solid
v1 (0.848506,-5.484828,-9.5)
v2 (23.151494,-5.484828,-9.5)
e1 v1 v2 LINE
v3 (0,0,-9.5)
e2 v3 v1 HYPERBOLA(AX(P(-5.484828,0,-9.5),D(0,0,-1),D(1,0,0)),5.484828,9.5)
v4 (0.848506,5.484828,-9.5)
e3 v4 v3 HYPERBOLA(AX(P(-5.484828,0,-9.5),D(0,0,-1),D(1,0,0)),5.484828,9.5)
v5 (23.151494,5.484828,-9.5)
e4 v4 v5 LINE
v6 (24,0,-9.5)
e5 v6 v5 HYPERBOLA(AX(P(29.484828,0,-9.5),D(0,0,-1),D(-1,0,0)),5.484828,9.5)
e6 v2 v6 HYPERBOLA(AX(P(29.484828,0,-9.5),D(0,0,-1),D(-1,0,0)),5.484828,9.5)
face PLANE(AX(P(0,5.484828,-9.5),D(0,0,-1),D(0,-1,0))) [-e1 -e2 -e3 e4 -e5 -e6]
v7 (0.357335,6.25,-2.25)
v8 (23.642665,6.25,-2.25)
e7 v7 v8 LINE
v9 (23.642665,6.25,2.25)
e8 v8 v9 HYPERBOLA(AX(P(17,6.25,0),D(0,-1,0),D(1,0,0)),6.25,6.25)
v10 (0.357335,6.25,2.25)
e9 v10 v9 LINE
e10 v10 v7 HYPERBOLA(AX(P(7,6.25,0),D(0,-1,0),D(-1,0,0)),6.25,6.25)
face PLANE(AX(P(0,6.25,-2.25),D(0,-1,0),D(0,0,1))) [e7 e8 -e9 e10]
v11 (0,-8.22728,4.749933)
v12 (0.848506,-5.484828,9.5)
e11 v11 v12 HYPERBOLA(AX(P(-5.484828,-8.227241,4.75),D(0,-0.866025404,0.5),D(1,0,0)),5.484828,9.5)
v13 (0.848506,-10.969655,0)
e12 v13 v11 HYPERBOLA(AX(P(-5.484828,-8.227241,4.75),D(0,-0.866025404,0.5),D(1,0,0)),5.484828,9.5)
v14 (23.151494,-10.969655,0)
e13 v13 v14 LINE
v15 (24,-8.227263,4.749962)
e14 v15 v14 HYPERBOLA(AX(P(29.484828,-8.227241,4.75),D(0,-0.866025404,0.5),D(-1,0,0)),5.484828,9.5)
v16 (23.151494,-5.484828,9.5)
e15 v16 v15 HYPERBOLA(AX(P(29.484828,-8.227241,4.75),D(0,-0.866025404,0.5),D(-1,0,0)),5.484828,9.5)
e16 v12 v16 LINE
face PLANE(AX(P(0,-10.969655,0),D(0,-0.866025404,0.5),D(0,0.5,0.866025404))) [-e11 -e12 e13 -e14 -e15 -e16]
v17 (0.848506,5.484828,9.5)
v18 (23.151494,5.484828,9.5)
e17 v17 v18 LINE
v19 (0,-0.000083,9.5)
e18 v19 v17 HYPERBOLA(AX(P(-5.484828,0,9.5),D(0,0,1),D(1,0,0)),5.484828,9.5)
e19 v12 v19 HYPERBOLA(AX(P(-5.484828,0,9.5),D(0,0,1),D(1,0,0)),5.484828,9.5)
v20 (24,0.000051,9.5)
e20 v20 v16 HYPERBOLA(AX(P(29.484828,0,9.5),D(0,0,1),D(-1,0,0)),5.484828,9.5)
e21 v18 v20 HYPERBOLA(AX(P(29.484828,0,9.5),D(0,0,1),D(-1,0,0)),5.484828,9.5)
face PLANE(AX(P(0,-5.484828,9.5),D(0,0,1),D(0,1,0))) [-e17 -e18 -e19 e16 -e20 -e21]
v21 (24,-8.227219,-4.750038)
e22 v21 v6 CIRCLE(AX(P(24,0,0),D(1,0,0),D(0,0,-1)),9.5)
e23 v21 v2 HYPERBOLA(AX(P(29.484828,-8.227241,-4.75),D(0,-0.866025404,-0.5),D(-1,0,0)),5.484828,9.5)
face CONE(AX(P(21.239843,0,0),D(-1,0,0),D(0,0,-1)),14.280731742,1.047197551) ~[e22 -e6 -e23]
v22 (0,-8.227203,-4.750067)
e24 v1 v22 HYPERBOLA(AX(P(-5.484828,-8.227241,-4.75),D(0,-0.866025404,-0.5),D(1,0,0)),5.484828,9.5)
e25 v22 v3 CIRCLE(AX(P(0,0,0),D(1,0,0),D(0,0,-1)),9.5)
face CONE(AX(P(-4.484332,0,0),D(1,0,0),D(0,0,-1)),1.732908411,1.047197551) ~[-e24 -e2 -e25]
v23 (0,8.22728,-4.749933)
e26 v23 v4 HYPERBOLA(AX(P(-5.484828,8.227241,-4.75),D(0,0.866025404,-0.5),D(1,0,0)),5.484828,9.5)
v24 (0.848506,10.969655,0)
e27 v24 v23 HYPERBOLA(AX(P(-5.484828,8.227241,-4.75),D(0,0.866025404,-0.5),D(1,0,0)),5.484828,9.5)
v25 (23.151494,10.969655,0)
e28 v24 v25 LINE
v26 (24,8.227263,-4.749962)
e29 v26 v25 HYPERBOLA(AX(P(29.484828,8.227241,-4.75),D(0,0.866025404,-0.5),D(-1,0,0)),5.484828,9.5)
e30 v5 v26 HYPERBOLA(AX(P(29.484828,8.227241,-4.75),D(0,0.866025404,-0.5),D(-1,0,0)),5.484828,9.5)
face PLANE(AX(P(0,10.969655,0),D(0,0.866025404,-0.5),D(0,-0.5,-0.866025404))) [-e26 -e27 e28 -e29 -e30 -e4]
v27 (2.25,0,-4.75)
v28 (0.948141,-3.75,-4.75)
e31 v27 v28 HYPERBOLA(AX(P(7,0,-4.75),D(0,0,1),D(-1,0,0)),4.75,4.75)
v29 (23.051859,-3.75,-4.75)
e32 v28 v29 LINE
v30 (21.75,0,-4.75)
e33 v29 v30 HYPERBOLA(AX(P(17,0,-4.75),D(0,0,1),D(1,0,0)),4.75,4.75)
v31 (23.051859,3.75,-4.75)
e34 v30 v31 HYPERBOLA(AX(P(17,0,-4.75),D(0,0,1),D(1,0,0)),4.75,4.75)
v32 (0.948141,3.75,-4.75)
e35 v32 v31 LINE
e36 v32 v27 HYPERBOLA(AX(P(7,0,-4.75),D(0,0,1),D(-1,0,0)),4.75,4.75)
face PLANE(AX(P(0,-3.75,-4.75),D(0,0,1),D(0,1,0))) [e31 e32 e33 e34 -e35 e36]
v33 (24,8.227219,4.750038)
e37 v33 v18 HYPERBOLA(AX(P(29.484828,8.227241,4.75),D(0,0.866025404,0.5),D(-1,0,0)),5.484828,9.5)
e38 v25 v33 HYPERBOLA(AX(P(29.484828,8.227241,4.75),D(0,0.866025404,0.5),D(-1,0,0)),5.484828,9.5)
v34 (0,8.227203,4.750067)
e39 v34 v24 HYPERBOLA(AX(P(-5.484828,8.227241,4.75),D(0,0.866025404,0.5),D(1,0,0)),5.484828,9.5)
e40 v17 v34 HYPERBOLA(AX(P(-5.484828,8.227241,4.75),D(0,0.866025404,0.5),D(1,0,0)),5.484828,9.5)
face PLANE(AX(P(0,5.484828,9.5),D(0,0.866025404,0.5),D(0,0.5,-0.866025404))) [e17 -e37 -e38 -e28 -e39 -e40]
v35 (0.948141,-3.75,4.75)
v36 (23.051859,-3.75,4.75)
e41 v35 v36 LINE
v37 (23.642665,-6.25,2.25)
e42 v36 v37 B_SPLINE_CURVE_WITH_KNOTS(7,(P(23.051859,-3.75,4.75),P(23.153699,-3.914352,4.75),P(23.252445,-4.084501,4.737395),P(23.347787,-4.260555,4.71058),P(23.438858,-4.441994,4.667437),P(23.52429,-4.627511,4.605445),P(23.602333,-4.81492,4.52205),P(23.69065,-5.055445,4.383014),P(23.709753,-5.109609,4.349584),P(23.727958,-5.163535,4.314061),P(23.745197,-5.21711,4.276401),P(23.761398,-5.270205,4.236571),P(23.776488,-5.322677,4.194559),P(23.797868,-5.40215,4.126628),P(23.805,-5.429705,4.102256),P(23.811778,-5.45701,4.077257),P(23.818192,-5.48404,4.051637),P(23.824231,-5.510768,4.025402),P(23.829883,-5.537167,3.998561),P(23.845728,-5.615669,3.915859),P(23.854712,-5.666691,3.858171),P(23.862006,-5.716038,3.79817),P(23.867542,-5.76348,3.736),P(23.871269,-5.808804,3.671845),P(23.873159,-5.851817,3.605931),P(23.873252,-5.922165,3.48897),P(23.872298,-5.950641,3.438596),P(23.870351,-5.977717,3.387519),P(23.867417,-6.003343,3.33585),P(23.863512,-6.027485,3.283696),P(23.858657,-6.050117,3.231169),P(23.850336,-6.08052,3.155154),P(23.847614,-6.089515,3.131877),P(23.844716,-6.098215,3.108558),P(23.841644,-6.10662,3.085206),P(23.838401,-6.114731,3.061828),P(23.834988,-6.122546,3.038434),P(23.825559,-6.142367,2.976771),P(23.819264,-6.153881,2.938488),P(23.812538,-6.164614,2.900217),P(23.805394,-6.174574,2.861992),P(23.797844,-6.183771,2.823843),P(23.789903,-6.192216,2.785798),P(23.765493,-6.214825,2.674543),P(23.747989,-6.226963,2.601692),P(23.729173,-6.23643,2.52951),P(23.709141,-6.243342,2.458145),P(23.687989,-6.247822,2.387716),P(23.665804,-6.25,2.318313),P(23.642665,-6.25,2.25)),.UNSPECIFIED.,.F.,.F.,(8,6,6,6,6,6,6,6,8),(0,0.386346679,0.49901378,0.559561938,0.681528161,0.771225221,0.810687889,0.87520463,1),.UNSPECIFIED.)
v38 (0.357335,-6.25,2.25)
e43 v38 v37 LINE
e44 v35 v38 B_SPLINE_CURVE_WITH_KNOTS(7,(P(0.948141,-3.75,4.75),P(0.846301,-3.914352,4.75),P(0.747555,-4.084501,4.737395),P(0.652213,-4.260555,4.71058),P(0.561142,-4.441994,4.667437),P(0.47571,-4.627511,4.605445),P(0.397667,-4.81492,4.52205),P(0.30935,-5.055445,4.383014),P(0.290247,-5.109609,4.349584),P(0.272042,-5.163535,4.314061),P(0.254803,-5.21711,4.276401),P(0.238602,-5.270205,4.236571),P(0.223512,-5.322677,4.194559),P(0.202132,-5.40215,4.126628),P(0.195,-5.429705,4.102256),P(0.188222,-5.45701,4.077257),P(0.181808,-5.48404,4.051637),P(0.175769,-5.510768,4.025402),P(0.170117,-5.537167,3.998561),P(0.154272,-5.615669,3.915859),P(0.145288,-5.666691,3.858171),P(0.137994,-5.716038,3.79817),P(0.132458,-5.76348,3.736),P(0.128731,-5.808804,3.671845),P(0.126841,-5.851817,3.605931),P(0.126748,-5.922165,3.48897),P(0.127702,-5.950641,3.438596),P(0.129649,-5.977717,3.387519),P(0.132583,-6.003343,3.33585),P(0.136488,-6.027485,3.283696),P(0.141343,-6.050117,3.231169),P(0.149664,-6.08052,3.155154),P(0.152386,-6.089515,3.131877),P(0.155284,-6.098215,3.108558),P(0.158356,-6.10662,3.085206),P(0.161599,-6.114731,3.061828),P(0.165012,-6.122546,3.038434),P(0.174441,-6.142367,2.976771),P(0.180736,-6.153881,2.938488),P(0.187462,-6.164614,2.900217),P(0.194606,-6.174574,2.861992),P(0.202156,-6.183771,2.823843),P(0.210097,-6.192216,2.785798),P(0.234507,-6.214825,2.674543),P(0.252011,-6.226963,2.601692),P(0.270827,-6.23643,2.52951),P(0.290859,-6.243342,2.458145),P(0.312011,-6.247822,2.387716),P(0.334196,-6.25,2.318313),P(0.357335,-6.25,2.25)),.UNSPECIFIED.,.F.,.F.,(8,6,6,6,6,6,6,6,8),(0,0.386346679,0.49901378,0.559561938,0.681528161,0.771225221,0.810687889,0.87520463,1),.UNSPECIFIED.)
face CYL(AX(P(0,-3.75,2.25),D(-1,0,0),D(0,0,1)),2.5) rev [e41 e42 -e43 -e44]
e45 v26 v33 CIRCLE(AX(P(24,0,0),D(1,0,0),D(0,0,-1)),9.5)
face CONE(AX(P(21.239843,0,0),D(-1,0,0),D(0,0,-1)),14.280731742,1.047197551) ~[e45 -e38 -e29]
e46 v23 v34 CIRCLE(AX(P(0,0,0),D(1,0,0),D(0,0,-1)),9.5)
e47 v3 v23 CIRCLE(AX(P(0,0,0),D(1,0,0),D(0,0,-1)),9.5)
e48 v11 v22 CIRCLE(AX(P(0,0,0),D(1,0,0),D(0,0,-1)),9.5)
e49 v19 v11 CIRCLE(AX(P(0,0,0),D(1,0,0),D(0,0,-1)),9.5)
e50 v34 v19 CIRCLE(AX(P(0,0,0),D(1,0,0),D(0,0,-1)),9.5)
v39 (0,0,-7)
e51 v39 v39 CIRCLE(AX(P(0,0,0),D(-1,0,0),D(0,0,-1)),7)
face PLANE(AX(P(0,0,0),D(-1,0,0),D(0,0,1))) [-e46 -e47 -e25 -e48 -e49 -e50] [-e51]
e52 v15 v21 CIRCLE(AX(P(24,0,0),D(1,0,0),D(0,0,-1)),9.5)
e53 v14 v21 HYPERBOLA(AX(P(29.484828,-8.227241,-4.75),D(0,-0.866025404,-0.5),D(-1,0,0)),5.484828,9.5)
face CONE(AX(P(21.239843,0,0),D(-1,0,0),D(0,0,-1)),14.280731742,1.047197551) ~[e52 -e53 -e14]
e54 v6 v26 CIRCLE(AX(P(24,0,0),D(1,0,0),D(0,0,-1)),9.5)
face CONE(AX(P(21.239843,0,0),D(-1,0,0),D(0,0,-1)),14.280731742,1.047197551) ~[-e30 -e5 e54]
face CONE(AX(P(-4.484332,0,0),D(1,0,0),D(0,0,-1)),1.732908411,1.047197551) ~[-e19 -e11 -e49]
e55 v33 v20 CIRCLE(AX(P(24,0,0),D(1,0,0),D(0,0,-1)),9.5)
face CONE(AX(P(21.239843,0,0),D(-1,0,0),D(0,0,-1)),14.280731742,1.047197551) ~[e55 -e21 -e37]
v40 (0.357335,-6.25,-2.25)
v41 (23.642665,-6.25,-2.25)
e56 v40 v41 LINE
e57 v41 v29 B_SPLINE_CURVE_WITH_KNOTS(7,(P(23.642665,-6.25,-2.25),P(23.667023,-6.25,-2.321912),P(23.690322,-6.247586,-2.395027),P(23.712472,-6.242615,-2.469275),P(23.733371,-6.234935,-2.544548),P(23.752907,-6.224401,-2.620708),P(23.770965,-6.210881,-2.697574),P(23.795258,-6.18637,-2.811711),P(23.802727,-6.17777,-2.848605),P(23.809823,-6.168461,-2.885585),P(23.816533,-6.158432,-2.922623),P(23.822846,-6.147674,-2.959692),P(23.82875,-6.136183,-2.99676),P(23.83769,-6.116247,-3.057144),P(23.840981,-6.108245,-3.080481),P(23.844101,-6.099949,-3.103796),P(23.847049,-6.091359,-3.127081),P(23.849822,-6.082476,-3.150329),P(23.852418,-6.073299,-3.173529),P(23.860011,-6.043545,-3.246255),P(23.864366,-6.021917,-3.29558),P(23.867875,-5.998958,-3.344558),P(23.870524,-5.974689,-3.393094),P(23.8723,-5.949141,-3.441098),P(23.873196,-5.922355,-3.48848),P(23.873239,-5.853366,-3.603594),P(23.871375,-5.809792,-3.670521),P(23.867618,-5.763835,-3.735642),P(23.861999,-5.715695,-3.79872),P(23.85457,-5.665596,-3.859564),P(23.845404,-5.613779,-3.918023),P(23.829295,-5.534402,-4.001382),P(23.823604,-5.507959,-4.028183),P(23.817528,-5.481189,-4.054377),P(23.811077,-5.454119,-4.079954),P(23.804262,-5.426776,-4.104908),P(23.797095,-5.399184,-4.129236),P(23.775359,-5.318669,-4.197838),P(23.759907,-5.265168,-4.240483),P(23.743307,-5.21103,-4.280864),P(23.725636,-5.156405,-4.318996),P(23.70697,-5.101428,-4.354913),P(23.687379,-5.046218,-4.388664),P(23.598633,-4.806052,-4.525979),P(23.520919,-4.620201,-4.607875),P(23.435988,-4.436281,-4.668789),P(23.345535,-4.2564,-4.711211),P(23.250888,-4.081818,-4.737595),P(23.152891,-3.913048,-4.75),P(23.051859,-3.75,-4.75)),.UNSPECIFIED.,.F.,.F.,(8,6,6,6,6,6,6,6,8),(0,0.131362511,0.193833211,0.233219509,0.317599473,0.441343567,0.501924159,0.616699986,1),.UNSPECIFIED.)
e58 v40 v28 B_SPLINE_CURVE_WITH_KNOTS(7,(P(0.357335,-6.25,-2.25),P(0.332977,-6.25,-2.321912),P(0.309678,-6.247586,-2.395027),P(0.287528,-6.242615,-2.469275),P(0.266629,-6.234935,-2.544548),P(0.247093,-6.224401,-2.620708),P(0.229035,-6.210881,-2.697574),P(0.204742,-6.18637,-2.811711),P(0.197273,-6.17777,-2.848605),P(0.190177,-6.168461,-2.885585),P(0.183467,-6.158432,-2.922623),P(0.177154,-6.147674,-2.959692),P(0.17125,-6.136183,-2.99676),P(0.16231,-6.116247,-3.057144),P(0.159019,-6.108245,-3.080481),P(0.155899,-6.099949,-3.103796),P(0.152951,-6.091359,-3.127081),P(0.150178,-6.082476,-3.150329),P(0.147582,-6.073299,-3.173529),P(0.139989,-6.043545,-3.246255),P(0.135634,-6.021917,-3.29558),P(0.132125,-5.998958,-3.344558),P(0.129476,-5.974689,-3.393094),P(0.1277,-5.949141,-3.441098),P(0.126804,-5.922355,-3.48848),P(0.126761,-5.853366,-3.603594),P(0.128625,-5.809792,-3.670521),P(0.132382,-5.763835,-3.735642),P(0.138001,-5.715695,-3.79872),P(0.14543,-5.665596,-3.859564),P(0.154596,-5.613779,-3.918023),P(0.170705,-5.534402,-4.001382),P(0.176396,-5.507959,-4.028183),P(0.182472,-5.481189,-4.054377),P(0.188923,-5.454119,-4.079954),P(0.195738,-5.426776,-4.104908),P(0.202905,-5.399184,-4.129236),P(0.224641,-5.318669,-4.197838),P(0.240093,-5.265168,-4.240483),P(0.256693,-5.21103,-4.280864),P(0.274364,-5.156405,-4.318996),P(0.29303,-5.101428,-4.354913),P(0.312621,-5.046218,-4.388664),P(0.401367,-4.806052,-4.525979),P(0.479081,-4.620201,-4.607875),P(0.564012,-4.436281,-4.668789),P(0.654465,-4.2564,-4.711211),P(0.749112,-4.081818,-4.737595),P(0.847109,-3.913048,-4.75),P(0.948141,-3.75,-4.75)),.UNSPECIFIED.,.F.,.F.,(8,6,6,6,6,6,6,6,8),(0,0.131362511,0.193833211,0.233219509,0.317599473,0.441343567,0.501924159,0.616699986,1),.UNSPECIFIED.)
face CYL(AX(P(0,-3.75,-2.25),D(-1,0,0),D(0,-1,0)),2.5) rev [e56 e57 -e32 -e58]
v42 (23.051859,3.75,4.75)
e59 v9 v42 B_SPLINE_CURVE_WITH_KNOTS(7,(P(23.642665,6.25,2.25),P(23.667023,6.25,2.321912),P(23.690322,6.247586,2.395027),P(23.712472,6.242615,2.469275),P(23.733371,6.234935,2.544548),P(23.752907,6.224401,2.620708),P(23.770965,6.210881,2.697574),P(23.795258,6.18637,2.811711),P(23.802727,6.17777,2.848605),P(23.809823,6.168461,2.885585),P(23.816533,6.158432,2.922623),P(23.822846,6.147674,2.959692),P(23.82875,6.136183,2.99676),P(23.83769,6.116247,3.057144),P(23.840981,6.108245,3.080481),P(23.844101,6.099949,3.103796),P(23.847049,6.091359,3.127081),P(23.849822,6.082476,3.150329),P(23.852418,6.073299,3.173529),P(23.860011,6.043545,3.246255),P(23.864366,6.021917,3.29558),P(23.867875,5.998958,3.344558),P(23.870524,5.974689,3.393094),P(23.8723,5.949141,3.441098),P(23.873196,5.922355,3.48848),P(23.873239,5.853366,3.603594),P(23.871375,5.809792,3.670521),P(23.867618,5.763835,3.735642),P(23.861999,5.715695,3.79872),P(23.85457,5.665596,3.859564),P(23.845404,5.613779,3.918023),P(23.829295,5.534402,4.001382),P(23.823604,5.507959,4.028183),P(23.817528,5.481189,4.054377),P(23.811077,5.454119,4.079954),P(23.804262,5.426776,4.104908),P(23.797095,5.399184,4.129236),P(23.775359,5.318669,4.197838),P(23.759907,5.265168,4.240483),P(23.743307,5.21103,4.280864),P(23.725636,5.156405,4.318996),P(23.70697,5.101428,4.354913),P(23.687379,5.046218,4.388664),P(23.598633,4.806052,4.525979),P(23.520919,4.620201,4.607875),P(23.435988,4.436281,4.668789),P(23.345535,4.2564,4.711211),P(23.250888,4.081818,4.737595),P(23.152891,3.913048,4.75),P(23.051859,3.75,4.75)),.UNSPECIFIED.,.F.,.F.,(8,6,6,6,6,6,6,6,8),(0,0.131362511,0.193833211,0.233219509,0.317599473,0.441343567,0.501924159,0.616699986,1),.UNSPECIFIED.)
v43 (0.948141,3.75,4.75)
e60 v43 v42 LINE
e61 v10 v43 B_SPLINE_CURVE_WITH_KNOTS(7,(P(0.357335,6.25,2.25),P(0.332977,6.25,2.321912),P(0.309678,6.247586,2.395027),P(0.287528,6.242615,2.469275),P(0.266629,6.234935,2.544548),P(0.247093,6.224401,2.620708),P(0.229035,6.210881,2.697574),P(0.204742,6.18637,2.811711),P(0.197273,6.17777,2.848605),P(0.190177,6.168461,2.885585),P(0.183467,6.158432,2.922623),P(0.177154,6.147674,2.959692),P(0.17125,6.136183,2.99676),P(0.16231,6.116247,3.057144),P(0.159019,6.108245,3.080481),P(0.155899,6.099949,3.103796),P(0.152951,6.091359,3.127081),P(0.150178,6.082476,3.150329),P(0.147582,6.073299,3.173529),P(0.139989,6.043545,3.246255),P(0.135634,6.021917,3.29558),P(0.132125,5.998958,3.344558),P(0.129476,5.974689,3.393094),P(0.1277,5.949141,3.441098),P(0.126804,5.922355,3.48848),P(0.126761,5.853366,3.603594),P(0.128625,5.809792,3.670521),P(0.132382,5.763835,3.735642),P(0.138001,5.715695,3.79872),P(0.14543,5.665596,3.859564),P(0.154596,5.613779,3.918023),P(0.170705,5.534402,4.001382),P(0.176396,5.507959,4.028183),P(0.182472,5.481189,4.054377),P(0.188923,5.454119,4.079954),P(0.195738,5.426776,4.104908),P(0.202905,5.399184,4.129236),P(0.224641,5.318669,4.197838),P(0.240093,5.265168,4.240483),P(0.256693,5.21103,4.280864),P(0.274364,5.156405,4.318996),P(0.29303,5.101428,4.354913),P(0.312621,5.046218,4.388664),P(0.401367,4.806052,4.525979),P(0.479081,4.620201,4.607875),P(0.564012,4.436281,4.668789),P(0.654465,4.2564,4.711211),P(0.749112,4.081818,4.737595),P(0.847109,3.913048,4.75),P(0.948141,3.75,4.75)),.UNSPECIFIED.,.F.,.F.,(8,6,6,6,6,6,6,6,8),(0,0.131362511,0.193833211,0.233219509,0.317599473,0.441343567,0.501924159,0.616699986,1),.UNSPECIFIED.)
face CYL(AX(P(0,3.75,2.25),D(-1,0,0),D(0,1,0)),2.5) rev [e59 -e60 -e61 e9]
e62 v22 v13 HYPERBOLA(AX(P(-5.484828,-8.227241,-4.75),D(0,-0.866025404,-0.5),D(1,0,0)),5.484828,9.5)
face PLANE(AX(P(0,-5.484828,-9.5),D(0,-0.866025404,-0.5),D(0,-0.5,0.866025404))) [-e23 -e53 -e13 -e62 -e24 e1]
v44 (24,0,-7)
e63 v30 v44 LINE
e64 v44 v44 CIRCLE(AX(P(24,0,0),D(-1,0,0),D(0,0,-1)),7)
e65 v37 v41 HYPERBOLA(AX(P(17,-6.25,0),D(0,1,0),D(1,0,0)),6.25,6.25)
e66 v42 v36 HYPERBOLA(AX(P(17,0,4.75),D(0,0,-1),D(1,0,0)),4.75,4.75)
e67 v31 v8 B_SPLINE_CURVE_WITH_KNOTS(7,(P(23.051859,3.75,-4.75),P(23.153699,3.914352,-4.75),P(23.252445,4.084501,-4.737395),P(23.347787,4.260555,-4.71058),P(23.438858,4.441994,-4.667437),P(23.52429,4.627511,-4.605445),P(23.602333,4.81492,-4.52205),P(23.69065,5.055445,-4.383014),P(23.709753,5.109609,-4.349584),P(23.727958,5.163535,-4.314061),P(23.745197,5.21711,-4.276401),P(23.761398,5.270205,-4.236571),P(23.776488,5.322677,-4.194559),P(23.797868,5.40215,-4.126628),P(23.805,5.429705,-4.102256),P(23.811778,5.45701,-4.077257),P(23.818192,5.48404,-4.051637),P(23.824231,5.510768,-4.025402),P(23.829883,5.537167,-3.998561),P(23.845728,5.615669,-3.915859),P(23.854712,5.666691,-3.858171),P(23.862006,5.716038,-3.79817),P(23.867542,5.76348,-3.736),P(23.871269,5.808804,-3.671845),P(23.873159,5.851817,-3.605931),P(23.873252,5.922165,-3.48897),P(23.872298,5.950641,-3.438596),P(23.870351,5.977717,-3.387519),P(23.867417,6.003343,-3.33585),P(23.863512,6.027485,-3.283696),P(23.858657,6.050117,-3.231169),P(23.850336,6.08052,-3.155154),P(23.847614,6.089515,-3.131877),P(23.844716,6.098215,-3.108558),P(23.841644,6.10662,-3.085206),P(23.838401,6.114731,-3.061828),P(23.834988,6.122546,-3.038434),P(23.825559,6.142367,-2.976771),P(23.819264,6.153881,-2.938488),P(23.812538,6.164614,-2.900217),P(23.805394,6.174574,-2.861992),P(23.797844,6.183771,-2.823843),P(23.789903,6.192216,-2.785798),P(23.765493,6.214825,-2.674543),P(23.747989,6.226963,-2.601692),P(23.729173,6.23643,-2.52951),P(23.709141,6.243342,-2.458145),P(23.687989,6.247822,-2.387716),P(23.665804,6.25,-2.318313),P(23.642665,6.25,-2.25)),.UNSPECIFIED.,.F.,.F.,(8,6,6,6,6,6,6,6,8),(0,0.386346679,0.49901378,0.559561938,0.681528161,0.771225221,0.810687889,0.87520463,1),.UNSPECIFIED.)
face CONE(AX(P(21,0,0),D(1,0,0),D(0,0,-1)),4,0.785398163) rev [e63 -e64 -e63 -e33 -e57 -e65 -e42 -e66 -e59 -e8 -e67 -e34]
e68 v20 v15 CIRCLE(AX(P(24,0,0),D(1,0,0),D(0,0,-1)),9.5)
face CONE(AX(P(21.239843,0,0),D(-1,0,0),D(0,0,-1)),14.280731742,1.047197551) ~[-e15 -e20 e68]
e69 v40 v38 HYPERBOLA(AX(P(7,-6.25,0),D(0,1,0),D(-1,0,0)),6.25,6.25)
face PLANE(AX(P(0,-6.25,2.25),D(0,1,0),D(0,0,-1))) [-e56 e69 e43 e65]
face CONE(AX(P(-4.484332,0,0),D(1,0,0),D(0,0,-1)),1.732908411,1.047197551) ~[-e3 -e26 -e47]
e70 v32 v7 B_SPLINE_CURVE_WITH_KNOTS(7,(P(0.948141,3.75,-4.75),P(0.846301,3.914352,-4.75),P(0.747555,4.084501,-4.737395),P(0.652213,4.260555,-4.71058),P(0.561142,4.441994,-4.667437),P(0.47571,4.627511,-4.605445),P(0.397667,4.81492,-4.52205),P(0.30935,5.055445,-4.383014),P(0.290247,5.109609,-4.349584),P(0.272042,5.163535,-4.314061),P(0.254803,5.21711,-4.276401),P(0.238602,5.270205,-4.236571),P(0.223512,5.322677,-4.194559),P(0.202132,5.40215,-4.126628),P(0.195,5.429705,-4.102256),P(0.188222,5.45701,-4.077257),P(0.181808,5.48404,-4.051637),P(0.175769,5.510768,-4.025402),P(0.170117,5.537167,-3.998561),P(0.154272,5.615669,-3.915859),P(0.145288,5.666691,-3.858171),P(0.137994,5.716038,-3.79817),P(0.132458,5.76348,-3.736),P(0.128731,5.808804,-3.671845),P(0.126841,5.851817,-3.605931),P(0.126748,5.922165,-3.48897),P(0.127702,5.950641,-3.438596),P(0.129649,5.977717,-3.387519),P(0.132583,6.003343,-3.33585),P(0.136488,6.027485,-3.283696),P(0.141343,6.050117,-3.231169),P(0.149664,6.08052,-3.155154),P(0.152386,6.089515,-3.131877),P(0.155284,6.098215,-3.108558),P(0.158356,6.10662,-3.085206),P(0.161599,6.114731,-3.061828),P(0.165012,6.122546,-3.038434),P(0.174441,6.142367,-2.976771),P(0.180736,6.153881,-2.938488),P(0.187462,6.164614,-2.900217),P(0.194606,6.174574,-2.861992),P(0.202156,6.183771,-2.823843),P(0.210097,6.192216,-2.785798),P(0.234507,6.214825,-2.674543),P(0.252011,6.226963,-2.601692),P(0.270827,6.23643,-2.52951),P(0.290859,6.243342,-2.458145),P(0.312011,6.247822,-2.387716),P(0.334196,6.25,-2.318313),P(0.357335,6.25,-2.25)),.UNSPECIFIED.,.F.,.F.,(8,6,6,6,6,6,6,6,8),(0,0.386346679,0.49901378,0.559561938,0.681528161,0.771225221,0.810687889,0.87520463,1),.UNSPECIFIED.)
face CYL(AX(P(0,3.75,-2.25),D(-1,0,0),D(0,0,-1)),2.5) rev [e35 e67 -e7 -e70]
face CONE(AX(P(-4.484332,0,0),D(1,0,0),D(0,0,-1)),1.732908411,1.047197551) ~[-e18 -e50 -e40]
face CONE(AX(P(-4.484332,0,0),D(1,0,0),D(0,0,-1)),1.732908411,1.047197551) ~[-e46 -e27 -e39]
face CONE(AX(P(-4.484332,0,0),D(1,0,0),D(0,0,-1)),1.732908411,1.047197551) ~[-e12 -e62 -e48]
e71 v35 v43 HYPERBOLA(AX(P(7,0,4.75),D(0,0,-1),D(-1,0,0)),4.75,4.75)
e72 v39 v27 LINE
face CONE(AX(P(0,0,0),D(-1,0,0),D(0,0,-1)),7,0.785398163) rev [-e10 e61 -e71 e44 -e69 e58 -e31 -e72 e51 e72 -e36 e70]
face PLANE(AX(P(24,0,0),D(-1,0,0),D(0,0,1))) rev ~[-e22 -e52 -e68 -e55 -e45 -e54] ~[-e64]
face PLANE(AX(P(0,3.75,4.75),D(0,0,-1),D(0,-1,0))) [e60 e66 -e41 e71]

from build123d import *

# Parameters (mm, degrees)
BOSS_EXTRU_1_DEPTH = 24


with BuildPart() as part:
    # Esquisse1 → Boss.-Extru.1 (new body)
    with BuildSketch(Plane(origin=(0, 0, 0), x_dir=(0, 0, -1), z_dir=(1, 0, 0))):
        Polygon((-9.5, -5.484827557), (-9.5, 5.484827557), (0, 10.969655115), (9.5, 5.484827557), (9.5, -5.484827557), (0, -10.969655115), align=None)
        with BuildLine():
            Line((2.25, 6.25), (-2.25, 6.25))
            ThreePointArc((-2.25, 6.25), (-4.017766953, 5.517766953), (-4.75, 3.75))
            Line((-4.75, 3.75), (-4.75, -3.75))
            ThreePointArc((-4.75, -3.75), (-4.017766953, -5.517766953), (-2.25, -6.25))
            Line((-2.25, -6.25), (2.25, -6.25))
            ThreePointArc((2.25, -6.25), (4.017766953, -5.517766953), (4.75, -3.75))
            Line((4.75, -3.75), (4.75, 3.75))
            ThreePointArc((4.75, 3.75), (4.017766953, 5.517766953), (2.25, 6.25))
        make_face(mode=Mode.SUBTRACT)
    extrude(amount=BOSS_EXTRU_1_DEPTH)

    # Esquisse6 → Enlèvement de matière-Révolution1 (revolve, cut)
    with BuildSketch(Plane(origin=(0, 0, 0), x_dir=(1, 0, 0), z_dir=(0, 1, 0))):
        Polygon((-4.48433242, 1.732908411), (2.760156758, 14.280731742), (21.239843242, 14.280731742), (28.008759285, 2.556625243), (28.008759285, 15.540866197), (-4.48433242, 15.540866197), align=None)
    revolve(axis=Axis((24, 0, 0), (-1, 0, 0)), mode=Mode.SUBTRACT)

    # Esquisse11 → Enlèvement de matière-Révolution3 (revolve, cut)
    with BuildSketch(Plane(origin=(0, 0, 0), x_dir=(1, 0, 0), z_dir=(0, 1, 0)), mode=Mode.PRIVATE) as enl_vement_de_mati_re_r_volution3_sk:
        Polygon((0, 0), (0, -7), (3, -4), (21, -4), (24, -7), (24, 0), align=None)
    revolve(enl_vement_de_mati_re_r_volution3_sk.sketch.rotate(Axis((24, 0, 0), (-1, 0, 0)), 180), axis=Axis((24, 0, 0), (-1, 0, 0)), mode=Mode.SUBTRACT)  # turned: the seam where the file's is


solid = part.part
